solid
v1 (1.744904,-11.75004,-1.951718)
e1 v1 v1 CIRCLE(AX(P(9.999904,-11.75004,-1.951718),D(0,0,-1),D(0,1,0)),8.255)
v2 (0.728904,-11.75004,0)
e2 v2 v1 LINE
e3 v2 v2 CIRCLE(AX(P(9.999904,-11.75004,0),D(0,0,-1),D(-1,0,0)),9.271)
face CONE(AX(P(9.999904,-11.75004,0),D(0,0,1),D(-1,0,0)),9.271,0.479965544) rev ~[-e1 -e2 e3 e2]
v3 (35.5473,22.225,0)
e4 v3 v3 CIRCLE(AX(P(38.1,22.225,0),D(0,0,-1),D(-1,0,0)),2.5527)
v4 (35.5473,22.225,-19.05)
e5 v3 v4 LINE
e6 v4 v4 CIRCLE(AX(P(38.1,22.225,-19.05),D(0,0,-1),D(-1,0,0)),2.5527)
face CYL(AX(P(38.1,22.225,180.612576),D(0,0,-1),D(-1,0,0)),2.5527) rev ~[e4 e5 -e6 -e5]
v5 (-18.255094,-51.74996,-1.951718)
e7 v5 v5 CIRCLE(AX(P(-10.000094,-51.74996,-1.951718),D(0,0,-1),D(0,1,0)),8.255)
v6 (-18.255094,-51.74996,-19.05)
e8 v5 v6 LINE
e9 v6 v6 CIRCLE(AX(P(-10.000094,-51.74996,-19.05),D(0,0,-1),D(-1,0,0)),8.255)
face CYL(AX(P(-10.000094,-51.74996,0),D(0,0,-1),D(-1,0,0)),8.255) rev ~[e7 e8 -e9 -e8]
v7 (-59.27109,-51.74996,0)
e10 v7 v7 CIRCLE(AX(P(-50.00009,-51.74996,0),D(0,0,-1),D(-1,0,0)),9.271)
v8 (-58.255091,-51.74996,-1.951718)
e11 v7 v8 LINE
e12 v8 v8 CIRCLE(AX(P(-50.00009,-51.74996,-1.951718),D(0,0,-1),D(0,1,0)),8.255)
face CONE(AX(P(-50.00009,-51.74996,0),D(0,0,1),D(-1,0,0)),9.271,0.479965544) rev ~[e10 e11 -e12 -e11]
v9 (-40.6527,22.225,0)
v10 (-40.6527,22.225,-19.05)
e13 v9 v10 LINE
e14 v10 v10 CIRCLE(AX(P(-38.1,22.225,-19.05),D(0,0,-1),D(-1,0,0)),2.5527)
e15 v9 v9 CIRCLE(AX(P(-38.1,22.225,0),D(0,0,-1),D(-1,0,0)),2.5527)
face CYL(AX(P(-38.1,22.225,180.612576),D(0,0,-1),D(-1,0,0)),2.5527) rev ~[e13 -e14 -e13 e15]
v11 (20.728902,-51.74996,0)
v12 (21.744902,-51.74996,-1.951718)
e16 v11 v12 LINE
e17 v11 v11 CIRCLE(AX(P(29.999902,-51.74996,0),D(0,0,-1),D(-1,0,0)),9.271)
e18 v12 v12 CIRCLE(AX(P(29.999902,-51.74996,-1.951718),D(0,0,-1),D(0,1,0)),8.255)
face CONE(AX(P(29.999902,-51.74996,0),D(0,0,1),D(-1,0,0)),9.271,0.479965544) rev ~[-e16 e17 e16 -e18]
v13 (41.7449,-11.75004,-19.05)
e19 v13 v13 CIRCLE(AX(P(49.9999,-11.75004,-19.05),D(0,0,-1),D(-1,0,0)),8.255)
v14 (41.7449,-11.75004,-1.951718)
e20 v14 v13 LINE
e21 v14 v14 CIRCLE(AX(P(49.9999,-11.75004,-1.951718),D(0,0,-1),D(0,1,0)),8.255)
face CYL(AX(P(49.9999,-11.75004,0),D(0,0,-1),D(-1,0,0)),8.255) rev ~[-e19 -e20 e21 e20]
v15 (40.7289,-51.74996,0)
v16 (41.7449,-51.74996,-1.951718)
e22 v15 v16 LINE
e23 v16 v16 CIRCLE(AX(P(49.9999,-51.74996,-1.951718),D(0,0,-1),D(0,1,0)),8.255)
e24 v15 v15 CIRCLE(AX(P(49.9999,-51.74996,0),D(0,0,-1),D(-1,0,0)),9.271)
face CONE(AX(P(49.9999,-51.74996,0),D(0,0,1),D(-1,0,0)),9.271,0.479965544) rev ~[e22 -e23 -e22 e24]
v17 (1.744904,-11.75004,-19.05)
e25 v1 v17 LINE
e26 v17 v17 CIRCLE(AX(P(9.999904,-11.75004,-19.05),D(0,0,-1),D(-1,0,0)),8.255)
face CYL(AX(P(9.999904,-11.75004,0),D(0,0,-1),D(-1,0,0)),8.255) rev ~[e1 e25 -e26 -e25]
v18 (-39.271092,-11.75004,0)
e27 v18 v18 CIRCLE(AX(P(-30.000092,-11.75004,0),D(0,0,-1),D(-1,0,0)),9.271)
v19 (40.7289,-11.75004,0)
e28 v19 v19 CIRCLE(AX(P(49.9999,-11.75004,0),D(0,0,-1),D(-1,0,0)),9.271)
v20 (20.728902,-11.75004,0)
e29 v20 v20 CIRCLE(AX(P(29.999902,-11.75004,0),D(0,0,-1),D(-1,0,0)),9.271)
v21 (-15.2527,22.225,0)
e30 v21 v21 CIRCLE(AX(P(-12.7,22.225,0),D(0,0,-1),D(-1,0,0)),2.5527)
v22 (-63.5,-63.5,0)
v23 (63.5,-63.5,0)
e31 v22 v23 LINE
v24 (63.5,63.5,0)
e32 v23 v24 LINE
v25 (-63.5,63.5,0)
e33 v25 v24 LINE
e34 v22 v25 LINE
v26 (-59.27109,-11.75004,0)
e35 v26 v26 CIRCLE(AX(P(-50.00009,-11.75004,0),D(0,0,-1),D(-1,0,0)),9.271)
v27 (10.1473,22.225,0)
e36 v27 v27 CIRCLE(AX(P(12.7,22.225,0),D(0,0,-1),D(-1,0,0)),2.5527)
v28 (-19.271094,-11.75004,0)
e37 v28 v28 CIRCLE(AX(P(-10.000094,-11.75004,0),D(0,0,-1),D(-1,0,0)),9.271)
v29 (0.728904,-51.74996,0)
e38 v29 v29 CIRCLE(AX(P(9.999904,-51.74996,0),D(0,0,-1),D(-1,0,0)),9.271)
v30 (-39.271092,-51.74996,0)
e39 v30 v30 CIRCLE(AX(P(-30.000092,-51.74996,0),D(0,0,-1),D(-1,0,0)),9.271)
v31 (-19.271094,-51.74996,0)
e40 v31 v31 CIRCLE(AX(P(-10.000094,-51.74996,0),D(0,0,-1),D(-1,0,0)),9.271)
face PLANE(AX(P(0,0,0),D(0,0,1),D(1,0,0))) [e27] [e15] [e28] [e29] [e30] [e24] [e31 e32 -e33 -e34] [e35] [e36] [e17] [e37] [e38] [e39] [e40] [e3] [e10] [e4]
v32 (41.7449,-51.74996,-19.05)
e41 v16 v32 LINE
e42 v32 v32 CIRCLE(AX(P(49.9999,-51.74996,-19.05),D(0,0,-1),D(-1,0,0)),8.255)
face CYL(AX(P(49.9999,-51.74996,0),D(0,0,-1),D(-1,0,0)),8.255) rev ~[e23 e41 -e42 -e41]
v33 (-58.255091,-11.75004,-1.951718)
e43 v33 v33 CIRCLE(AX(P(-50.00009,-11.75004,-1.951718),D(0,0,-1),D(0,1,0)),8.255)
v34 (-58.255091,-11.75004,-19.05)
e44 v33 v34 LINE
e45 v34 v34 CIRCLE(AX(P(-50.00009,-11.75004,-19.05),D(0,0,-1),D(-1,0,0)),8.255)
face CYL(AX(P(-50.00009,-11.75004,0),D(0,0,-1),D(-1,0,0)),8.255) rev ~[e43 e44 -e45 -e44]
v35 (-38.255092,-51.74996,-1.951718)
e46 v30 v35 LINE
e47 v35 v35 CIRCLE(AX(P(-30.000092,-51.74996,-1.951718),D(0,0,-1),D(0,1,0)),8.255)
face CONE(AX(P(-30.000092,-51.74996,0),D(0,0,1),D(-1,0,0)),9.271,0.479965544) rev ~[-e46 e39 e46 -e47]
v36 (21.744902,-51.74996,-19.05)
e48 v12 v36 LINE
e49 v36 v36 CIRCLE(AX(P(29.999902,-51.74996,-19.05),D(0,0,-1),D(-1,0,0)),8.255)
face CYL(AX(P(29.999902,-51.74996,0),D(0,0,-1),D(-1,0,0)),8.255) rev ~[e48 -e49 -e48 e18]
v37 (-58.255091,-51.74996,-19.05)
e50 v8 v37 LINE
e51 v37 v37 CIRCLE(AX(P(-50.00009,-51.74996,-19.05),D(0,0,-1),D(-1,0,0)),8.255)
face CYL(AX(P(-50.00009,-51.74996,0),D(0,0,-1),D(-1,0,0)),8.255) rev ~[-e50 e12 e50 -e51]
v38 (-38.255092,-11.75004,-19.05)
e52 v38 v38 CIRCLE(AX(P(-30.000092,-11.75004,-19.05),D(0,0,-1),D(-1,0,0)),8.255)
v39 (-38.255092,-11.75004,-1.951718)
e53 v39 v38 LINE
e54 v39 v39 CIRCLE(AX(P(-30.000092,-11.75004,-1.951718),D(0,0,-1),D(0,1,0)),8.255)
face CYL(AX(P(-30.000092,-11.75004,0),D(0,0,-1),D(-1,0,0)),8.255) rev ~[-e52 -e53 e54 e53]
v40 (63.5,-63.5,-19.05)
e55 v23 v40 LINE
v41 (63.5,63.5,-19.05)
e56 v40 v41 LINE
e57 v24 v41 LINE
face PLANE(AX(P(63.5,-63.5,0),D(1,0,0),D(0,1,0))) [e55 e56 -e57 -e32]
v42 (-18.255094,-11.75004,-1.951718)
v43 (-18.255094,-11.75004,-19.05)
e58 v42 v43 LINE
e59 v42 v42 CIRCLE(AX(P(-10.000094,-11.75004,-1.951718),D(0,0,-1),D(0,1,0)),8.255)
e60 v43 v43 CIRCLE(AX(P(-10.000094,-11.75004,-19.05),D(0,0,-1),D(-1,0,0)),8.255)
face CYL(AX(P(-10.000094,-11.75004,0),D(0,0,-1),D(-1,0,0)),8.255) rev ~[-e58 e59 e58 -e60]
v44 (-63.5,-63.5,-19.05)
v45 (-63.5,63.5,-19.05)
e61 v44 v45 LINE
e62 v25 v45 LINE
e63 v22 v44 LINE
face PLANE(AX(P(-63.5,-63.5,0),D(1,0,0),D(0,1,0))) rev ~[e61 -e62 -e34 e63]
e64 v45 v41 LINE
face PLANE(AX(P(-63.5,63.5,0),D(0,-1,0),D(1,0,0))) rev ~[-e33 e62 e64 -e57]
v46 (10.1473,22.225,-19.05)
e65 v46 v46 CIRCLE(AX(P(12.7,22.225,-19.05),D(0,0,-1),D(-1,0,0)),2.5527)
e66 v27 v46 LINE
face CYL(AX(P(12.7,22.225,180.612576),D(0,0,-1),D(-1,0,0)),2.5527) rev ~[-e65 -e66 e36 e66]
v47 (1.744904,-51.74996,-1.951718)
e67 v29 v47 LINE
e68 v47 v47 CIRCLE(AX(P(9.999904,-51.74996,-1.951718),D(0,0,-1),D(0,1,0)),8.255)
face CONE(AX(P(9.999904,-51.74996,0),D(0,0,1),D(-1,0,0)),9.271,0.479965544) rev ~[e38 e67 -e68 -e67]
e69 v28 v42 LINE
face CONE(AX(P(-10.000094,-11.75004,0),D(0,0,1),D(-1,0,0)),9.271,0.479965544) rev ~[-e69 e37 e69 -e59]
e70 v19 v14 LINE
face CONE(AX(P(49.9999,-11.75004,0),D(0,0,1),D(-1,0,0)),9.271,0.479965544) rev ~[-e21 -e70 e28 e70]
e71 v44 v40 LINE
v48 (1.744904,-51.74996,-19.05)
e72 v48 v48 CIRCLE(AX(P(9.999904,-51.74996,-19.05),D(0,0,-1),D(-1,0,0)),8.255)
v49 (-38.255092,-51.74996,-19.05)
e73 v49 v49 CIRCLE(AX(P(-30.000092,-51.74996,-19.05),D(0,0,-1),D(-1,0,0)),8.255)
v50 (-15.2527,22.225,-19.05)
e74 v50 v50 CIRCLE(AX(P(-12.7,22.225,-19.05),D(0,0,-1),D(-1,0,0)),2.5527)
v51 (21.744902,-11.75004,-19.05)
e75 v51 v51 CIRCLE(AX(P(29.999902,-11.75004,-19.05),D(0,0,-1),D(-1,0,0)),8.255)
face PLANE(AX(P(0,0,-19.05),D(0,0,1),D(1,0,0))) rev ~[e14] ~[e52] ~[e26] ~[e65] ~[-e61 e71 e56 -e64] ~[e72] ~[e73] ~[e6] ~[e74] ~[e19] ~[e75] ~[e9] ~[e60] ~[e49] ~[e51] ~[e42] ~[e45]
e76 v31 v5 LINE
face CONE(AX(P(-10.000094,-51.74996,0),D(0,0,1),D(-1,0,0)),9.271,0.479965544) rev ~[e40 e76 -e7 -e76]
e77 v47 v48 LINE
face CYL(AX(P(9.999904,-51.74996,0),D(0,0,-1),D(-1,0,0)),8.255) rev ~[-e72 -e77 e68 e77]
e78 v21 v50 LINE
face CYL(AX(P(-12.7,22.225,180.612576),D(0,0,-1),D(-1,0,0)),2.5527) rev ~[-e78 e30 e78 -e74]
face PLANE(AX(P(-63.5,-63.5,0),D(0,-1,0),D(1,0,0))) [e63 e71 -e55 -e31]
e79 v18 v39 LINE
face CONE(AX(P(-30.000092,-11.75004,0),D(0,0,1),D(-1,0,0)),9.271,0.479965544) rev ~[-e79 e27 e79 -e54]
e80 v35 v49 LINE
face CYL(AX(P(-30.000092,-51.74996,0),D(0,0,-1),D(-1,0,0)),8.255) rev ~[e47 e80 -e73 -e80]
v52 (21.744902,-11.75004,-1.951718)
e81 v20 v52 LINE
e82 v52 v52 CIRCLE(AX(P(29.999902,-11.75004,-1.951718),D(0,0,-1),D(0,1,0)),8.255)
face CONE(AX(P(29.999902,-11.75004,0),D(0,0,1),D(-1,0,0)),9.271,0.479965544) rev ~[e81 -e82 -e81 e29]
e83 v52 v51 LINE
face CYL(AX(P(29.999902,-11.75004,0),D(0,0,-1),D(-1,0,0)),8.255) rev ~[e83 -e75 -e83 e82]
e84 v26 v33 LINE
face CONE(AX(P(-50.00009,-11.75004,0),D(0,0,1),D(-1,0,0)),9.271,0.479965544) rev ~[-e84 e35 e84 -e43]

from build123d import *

# Parameters (mm, degrees)
F0_W           = 127
F0_H           = 127
F0_R           = 8.255
F0_R_2         = 3.175
F1_DEPTH       = 19.05
F2_D           = 5.1054
F3_D           = 16.51
F3_CSINK_D     = 18.542
F3_CSINK_ANGLE = 55


with BuildPart() as f1:
    # F0 (on Top) → F1 (new body)
    with BuildSketch(Plane.XY):
        Rectangle(F0_W, F0_H)
        with Locations((-50.0000905, -51.74996)):
            Circle(F0_R, mode=Mode.SUBTRACT)
        with Locations((-30.0000924, -51.74996)):
            Circle(F0_R, mode=Mode.SUBTRACT)
        with Locations((-10.0000943, -51.74996)):
            Circle(F0_R, mode=Mode.SUBTRACT)
        with Locations((-50.0000905, -11.75004)):
            Circle(F0_R, mode=Mode.SUBTRACT)
        with Locations((-30.0000924, -11.75004)):
            Circle(F0_R, mode=Mode.SUBTRACT)
        with Locations((-10.0000943, -11.75004)):
            Circle(F0_R, mode=Mode.SUBTRACT)
        with Locations((9.9999038, -51.74996)):
            Circle(F0_R, mode=Mode.SUBTRACT)
        with Locations((29.9999019, -51.74996)):
            Circle(F0_R, mode=Mode.SUBTRACT)
        with Locations((49.9999, -51.74996)):
            Circle(F0_R, mode=Mode.SUBTRACT)
        with Locations((9.9999038, -11.75004)):
            Circle(F0_R, mode=Mode.SUBTRACT)
        with Locations((29.9999019, -11.75004)):
            Circle(F0_R, mode=Mode.SUBTRACT)
        with Locations((49.9999, -11.75004)):
            Circle(F0_R, mode=Mode.SUBTRACT)
        with Locations((-38.1, 22.225)):
            Circle(F0_R_2, mode=Mode.SUBTRACT)
        with Locations((-12.7, 22.225)):
            Circle(F0_R_2, mode=Mode.SUBTRACT)
        with Locations((12.7, 22.225)):
            Circle(F0_R_2, mode=Mode.SUBTRACT)
        with Locations((38.1, 22.225)):
            Circle(F0_R_2, mode=Mode.SUBTRACT)
        with Locations((-38.1, 22.225)):
            Circle(F0_R_2)
        with Locations((-12.7, 22.225)):
            Circle(F0_R_2)
        with Locations((12.7, 22.225)):
            Circle(F0_R_2)
        with Locations((38.1, 22.225)):
            Circle(F0_R_2)
        with Locations((49.9999, -11.75004)):
            Circle(F0_R)
        with Locations((29.9999019, -11.75004)):
            Circle(F0_R)
        with Locations((9.9999038, -11.75004)):
            Circle(F0_R)
        with Locations((-10.0000943, -11.75004)):
            Circle(F0_R)
        with Locations((-30.0000924, -11.75004)):
            Circle(F0_R)
        with Locations((-50.0000905, -11.75004)):
            Circle(F0_R)
        with Locations((-50.0000905, -51.74996)):
            Circle(F0_R)
        with Locations((-30.0000924, -51.74996)):
            Circle(F0_R)
        with Locations((-10.0000943, -51.74996)):
            Circle(F0_R)
        with Locations((9.9999038, -51.74996)):
            Circle(F0_R)
        with Locations((29.9999019, -51.74996)):
            Circle(F0_R)
        with Locations((49.9999, -51.74996)):
            Circle(F0_R)
    extrude(amount=-F1_DEPTH)

    # F2 (through all)
    with Locations(Plane.XY):
        with Locations((-38.1, 22.225), (-12.7, 22.225), (12.7, 22.225), (38.1, 22.225)):
            Hole(F2_D / 2)

    # F3 (through all)
    with Locations(Plane.XY):
        with Locations((-50.0000905, -11.75004), (-30.0000924, -11.75004), (-10.0000943, -11.75004), (9.9999038, -11.75004), (29.9999019, -11.75004), (49.9999, -11.75004), (49.9999, -51.74996), (29.9999019, -51.74996), (9.9999038, -51.74996), (-10.0000943, -51.74996), (-30.0000924, -51.74996), (-50.0000905, -51.74996)):
            CounterSinkHole(F3_D / 2, F3_CSINK_D / 2, counter_sink_angle=F3_CSINK_ANGLE)


solid = f1.part
